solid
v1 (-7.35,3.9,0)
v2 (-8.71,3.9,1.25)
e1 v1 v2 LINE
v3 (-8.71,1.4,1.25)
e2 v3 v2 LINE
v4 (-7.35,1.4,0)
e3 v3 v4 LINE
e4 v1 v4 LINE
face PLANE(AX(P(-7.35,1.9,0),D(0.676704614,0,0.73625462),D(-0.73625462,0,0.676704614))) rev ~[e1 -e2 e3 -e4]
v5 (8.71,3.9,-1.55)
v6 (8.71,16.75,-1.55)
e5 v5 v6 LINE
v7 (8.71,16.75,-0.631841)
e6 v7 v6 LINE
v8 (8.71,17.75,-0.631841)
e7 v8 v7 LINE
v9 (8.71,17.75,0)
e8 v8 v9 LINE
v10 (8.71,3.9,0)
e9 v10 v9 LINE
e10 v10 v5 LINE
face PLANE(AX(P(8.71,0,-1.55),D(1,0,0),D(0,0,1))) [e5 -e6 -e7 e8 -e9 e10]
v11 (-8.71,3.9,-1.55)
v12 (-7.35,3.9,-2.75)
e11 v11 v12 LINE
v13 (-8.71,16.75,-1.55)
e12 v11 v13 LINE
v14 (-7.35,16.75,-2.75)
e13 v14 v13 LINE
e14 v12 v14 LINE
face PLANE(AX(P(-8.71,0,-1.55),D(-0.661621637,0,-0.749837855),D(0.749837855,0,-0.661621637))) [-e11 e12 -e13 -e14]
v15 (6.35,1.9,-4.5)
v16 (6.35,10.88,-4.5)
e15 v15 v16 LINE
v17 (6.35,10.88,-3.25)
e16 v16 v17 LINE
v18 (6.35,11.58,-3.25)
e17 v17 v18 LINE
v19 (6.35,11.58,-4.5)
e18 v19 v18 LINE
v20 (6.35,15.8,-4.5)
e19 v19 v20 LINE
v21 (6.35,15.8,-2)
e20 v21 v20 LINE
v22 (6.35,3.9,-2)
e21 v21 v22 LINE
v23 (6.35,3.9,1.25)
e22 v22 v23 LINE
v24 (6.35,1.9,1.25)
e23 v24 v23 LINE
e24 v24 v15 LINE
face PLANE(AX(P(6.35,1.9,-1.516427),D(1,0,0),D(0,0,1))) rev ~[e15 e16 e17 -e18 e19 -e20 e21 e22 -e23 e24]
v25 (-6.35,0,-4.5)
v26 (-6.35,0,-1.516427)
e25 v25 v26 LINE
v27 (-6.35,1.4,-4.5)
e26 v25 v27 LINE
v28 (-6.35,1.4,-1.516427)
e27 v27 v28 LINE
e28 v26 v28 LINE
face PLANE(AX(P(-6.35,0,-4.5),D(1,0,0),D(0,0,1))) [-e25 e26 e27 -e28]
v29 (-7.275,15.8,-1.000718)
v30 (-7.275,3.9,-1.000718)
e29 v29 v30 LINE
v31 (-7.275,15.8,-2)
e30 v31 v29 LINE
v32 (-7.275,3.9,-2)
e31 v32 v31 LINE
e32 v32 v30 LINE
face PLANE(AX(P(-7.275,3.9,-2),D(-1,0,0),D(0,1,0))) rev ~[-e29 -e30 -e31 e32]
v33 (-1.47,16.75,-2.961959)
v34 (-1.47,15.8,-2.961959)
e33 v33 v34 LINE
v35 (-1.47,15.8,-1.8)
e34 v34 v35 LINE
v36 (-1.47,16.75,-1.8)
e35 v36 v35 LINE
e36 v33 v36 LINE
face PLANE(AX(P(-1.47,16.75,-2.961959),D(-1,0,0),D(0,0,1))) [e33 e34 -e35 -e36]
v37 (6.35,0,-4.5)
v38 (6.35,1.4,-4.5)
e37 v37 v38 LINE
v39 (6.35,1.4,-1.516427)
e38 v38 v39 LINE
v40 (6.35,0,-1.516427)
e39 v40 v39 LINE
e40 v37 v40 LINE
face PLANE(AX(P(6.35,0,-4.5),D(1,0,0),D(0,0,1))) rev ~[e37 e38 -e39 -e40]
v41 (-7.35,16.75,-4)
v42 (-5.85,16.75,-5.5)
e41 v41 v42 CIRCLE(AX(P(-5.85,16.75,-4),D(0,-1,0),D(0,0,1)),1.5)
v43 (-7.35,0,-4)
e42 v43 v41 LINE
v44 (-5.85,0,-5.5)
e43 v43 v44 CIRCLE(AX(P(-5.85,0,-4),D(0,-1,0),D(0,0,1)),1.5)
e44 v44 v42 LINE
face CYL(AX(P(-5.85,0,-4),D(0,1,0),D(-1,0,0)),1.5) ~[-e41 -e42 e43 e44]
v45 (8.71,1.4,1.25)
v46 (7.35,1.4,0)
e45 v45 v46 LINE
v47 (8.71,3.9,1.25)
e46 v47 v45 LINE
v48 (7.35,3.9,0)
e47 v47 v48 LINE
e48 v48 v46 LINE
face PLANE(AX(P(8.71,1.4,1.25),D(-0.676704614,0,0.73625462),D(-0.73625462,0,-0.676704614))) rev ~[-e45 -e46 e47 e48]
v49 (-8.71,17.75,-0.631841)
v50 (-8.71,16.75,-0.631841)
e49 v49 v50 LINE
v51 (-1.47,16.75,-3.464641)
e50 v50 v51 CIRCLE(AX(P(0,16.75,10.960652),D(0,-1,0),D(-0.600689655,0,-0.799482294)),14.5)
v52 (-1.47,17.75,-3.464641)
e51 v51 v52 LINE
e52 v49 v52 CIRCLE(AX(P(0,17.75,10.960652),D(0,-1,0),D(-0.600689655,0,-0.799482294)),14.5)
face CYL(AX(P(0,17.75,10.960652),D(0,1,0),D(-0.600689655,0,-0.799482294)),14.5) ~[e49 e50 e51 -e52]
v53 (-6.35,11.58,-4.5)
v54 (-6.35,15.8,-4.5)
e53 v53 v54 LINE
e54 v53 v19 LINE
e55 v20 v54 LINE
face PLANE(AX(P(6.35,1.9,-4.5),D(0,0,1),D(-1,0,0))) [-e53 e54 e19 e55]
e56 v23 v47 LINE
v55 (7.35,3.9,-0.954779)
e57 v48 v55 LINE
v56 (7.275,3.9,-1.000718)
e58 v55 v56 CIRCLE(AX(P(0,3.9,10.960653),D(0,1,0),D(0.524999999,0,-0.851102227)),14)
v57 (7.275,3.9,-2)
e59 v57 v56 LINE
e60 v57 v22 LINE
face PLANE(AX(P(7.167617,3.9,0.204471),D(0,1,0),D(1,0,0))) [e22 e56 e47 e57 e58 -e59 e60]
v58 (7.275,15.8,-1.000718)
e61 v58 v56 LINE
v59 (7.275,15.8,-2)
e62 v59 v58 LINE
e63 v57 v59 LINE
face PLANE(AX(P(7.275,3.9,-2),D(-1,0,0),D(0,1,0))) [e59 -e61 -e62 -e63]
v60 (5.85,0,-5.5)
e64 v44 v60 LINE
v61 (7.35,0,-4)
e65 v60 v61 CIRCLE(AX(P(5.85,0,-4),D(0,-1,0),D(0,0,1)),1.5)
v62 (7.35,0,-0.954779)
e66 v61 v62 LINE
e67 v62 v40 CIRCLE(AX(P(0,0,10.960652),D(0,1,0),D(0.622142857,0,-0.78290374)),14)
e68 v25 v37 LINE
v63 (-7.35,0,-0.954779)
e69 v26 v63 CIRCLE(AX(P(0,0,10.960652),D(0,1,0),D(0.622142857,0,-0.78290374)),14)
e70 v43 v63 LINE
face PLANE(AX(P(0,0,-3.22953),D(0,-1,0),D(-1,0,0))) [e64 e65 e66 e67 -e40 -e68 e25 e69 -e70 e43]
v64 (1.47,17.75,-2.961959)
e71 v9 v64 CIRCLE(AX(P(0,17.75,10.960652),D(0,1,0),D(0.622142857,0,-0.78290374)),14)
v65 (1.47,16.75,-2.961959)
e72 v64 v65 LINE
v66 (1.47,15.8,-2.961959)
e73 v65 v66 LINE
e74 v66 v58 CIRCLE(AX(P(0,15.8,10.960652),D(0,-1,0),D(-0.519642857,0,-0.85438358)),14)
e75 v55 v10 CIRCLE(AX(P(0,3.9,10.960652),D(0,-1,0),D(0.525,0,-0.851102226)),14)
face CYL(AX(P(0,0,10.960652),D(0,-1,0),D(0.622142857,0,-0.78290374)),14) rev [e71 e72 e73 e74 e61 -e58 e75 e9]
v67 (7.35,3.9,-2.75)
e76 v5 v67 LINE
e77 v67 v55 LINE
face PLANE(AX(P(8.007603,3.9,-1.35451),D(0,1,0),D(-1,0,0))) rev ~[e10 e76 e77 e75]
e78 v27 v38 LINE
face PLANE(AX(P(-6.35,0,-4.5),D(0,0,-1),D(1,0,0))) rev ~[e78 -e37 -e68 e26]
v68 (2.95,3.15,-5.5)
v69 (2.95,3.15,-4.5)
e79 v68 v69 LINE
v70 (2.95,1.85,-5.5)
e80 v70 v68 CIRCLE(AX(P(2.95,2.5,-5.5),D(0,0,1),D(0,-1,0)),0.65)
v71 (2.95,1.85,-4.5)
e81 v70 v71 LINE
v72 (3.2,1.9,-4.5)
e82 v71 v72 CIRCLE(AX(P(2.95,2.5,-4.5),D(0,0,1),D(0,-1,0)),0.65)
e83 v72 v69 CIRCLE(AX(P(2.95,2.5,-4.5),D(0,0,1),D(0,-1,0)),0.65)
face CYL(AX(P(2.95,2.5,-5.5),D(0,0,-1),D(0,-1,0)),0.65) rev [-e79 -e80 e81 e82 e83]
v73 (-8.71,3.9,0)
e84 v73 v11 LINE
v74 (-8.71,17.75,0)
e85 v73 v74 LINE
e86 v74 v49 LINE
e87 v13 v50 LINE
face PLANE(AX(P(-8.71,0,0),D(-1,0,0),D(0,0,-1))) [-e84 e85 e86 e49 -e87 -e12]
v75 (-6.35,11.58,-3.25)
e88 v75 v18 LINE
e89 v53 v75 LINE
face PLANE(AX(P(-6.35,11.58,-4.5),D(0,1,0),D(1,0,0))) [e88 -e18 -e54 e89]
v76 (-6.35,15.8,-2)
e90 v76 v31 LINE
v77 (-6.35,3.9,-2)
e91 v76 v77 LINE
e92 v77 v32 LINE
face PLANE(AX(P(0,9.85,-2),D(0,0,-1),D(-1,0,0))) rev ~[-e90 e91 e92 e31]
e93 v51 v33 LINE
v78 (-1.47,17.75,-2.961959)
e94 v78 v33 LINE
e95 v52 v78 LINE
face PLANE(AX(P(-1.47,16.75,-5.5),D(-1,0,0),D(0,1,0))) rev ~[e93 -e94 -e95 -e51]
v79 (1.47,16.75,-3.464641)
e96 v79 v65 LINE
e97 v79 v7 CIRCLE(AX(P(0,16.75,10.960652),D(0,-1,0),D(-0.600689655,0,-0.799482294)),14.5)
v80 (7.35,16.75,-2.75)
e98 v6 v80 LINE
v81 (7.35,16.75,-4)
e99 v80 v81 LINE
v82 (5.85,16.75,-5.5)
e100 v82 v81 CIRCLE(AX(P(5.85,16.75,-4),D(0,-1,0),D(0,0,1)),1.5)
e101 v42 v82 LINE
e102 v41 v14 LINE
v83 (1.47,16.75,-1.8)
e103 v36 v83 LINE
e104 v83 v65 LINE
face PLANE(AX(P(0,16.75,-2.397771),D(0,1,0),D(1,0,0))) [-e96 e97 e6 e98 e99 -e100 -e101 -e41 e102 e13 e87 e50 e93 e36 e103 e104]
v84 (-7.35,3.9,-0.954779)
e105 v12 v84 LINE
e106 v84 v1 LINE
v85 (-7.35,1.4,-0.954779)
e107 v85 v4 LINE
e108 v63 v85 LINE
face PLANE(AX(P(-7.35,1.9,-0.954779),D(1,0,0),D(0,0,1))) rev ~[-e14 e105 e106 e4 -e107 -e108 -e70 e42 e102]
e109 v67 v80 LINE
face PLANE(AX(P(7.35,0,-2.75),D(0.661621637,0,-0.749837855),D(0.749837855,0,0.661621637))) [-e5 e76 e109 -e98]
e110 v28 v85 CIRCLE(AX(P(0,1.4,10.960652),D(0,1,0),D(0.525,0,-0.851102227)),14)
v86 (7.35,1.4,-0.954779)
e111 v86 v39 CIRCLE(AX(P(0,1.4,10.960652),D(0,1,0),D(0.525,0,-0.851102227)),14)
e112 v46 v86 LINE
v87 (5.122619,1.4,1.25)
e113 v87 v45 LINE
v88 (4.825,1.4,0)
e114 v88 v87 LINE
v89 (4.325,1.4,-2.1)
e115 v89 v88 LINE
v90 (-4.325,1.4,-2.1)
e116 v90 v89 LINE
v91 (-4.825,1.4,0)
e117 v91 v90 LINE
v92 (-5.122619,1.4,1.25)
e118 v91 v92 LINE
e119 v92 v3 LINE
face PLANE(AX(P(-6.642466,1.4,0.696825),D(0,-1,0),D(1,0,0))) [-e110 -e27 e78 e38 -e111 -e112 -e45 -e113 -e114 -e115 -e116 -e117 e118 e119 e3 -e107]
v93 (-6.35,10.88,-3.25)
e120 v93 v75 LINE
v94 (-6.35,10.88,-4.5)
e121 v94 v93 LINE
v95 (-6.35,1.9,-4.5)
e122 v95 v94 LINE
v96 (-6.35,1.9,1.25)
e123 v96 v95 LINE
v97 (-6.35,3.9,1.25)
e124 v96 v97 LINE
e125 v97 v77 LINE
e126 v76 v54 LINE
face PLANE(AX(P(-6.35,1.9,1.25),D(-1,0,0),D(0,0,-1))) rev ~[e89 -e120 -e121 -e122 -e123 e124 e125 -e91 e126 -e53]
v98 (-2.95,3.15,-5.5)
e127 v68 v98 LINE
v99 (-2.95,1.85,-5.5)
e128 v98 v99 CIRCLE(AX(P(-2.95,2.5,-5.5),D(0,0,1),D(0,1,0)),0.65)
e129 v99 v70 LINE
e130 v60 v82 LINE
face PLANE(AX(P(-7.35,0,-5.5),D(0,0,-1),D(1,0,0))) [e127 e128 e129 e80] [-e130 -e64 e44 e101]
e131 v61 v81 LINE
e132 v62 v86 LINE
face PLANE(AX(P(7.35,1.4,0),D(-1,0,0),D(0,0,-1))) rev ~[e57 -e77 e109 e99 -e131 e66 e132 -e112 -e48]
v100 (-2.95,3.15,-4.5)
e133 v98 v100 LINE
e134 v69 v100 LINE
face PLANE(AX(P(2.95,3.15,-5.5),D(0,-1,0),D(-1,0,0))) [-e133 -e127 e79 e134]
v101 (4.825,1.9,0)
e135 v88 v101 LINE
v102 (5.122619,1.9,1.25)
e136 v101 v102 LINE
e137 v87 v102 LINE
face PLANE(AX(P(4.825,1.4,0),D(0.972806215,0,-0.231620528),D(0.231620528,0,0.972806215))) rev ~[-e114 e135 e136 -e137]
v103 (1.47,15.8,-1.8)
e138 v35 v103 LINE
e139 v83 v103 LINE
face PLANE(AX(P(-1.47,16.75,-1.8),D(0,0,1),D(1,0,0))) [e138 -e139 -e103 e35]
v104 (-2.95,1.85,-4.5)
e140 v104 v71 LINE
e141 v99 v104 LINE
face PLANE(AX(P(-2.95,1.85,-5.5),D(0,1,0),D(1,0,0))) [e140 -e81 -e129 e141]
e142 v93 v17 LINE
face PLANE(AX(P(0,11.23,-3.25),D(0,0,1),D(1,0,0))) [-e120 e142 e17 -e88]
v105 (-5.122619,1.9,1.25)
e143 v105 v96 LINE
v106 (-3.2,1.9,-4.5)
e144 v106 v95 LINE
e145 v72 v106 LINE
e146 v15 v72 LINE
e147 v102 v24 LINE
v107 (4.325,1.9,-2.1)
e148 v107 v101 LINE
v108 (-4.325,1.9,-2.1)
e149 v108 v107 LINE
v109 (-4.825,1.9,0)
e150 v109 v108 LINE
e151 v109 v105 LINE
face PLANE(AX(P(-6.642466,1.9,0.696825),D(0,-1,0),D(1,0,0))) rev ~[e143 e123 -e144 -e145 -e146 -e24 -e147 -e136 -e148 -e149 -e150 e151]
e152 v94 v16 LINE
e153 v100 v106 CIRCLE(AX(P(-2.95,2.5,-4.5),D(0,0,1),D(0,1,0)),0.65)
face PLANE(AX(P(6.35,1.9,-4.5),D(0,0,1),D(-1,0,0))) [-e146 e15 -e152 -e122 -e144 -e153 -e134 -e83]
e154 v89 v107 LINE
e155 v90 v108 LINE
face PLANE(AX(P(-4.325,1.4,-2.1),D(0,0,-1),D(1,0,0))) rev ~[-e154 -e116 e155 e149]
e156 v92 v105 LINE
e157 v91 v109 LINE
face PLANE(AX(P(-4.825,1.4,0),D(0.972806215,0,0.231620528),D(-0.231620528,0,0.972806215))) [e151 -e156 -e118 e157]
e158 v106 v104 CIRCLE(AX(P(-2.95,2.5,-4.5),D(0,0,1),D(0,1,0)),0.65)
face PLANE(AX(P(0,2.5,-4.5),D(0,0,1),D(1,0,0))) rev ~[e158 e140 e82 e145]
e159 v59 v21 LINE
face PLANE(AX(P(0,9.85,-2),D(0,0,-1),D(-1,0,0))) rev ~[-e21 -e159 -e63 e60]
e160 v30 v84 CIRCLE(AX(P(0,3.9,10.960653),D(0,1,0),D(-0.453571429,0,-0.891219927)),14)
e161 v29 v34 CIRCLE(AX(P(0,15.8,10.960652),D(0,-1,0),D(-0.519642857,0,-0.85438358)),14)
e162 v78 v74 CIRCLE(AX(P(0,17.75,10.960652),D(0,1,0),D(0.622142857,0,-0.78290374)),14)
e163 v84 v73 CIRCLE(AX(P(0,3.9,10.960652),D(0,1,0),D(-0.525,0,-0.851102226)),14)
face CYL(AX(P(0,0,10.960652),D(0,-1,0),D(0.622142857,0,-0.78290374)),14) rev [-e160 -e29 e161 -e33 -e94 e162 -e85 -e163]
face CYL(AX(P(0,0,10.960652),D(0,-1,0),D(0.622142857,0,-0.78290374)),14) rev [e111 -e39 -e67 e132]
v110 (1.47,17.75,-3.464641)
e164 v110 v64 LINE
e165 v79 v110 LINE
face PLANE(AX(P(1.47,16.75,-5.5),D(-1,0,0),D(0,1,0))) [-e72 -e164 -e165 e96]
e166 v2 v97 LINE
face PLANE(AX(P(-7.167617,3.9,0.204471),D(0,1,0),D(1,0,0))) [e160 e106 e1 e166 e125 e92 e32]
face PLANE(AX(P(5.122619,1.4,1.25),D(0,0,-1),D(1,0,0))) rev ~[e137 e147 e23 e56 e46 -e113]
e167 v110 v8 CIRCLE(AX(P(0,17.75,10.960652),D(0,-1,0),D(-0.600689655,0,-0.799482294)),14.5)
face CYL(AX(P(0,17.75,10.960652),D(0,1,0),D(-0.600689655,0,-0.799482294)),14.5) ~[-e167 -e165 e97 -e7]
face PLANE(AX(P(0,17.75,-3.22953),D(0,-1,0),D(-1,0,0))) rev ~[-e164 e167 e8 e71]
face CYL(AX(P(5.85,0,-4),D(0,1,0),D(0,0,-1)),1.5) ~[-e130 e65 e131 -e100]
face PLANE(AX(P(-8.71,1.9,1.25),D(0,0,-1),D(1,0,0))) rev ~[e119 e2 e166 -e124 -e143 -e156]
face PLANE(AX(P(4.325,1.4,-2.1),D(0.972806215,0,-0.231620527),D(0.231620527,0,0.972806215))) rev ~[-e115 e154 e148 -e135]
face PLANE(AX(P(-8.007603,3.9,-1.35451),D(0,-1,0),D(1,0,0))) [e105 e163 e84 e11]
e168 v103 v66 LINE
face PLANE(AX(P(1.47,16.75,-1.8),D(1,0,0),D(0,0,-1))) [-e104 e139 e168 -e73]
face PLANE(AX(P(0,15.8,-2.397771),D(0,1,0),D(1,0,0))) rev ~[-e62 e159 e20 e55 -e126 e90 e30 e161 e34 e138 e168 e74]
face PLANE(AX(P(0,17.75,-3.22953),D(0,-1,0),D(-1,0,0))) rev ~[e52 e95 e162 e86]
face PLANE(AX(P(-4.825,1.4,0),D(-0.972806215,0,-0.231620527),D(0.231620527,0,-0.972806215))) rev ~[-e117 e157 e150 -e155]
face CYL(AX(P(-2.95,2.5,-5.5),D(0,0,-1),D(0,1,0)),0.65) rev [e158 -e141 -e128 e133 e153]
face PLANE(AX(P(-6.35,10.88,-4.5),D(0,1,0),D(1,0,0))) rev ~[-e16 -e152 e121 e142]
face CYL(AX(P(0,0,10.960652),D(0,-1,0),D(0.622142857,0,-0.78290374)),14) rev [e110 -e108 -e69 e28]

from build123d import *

# Parameters (mm, degrees)
EXTRUDE_1_DEPTH     = 17.75
CUT_EXTRUDE_1_DEPTH = 1
SKETCH_3_W          = 2.94
SKETCH_3_H          = 1
CUT_EXTRUDE_2_DEPTH = 6.5
CUT_EXTRUDE_3_DEPTH = 3.9
SKETCH_5_W          = 12.7
SKETCH_5_H          = 2.983573368
CUT_EXTRUDE_4_DEPTH = 1.4
SKETCH_6_W          = 12.7
SKETCH_6_H          = 2.983573368
CUT_EXTRUDE_5_DEPTH = 13.9
SKETCH_7_W          = 14.55
SKETCH_7_H          = 11.9
CUT_EXTRUDE_6_DEPTH = 3
EXTRUDE_2_DEPTH     = 0.5
EXTRUDE_3_DEPTH     = 0.5
EXTRUDE_4_DEPTH     = 2
CUT_EXTRUDE_7_DEPTH = 1
SKETCH_12_W         = 12.7
SKETCH_12_H         = 0.7
EXTRUDE_5_DEPTH     = 1.25
FILLET_1_R          = 1.5
EXTRUDE_6_DEPTH     = 0.95


with BuildPart() as part:
    # Эскиз1 → Бобышка-Вытянуть1 (new body)
    with BuildSketch(Plane(origin=(0, 0, 0), x_dir=(1, 0, 0), z_dir=(0, 1, 0))):
        with BuildLine():
            Line((-7.35, 2.75), (-7.35, 5.5))
            Line((-7.35, 5.5), (7.35, 5.5))
            Line((7.35, 5.5), (7.35, 2.75))
            Line((7.35, 2.75), (8.71, 1.55))
            Line((8.71, 1.55), (8.71, 0))
            ThreePointArc((8.71, 0), (0, 3.039347647), (-8.71, 0))
            Line((-8.71, 0), (-8.71, 1.55))
            Line((-8.71, 1.55), (-7.35, 2.75))
        make_face()
    extrude(amount=EXTRUDE_1_DEPTH)

    # Эскиз2 → Вырез-Вытянуть1 (cut)
    with BuildSketch(Plane(origin=(0, 17.75, 0), x_dir=(1, 0, 0), z_dir=(0, 1, 0))):
        with BuildLine():
            Line((8.71, 0.631840908), (8.71, 1.55))
            Line((8.71, 1.55), (7.35, 2.75))
            Line((7.35, 2.75), (7.35, 5.5))
            Line((7.35, 5.5), (-7.35, 5.5))
            Line((-7.35, 5.5), (-7.35, 2.75))
            Line((-7.35, 2.75), (-8.71, 1.55))
            Line((-8.71, 1.55), (-8.71, 0.631840908))
            ThreePointArc((-8.71, 0.631840908), (0, 3.539347647), (8.71, 0.631840908))
        make_face()
    extrude(amount=-CUT_EXTRUDE_1_DEPTH, mode=Mode.SUBTRACT)

    # Эскиз3 → Вырез-Вытянуть2 (cut, through all)
    with BuildSketch(Plane(origin=(0, 0, -5.5), x_dir=(-1, 0, 0), z_dir=(0, 0, -1))):
        with Locations((0, 17.25)):
            Rectangle(SKETCH_3_W, SKETCH_3_H)
    extrude(amount=-CUT_EXTRUDE_2_DEPTH, mode=Mode.SUBTRACT)

    # Эскиз4 → Вырез-Вытянуть3 (cut)
    with BuildSketch(Plane.XZ):
        with BuildLine():
            Line((-7.35, -2.75), (-7.35, -0.954778819))
            ThreePointArc((-7.35, -0.954778819), (-8.044178059, -0.497584831), (-8.71, 0))
            Line((-8.71, 0), (-8.71, -1.55))
            Line((-8.71, -1.55), (-7.35, -2.75))
        make_face()
        with BuildLine():
            Line((7.35, -2.75), (7.35, -0.954778819))
            ThreePointArc((7.35, -0.954778819), (8.044178059, -0.497584831), (8.71, 0))
            Line((8.71, 0), (8.71, -1.55))
            Line((8.71, -1.55), (7.35, -2.75))
        make_face()
    extrude(amount=-CUT_EXTRUDE_3_DEPTH, mode=Mode.SUBTRACT)

    # Эскиз5 → Вырез-Вытянуть4 (cut)
    with BuildSketch(Plane.XZ):
        with Locations((0, -3.008213316)):
            Rectangle(SKETCH_5_W, SKETCH_5_H)
    extrude(amount=-CUT_EXTRUDE_4_DEPTH, mode=Mode.SUBTRACT)

    # Эскиз6 → Вырез-Вытянуть5 (cut)
    with BuildSketch(Plane(origin=(0, 1.9, 0), x_dir=(-1, 0, 0), z_dir=(0, -1, 0))):
        with Locations((0, 3.008213316)):
            Rectangle(SKETCH_6_W, SKETCH_6_H)
    extrude(amount=-CUT_EXTRUDE_5_DEPTH, mode=Mode.SUBTRACT)

    # Эскиз7 → Вырез-Вытянуть6 (cut, through all)
    with BuildSketch(Plane(origin=(0, 0, -2), x_dir=(-1, 0, 0), z_dir=(0, 0, -1))):
        with Locations((0, 9.85)):
            Rectangle(SKETCH_7_W, SKETCH_7_H)
    extrude(amount=-CUT_EXTRUDE_6_DEPTH, mode=Mode.SUBTRACT)

    # Эскиз8 → Бобышка-Вытянуть2 (add)
    with BuildSketch(Plane.XZ.offset(-1.4)):
        with BuildLine():
            Line((-7.35, 0), (-4.825, 0))
            Line((-4.825, 0), (-4.325, -2.1))
            Line((-4.325, -2.1), (4.325, -2.1))
            Line((4.325, -2.1), (4.825, 0))
            Line((4.825, 0), (7.35, 0))
            Line((7.35, 0), (7.35, -0.954778819))
            ThreePointArc((7.35, -0.954778819), (0, -3.039347647), (-7.35, -0.954778819))
            Line((-7.35, -0.954778819), (-7.35, 0))
        make_face()
    extrude(amount=-EXTRUDE_2_DEPTH)

    # Эскиз9 → Бобышка-Вытянуть3 (add)
    with BuildSketch(Plane.XZ.offset(-1.4)):
        Polygon((-4.825, 0), (-5.122619048, 1.25), (-8.71, 1.25), (-7.35, 0), align=None)
        Polygon((4.825, 0), (5.122619048, 1.25), (8.71, 1.25), (7.35, 0), align=None)
    extrude(amount=-EXTRUDE_3_DEPTH)

    # Эскиз10 → Бобышка-Вытянуть4 (add)
    with BuildSketch(Plane(origin=(0, 1.9, 0), x_dir=(1, 0, 0), z_dir=(0, 1, 0))):
        with BuildLine():
            Line((-7.35, 0), (-8.71, -1.25))
            Line((-8.71, -1.25), (-6.35, -1.25))
            Line((-6.35, -1.25), (-6.35, 1.516426632))
            ThreePointArc((-6.35, 1.516426632), (-6.855753939, 1.24584747), (-7.35, 0.954778819))
            Line((-7.35, 0.954778819), (-7.35, 0))
        make_face()
        with BuildLine():
            Line((7.35, 0), (7.35, 0.954778819))
            ThreePointArc((7.35, 0.954778819), (6.855753939, 1.24584747), (6.35, 1.516426632))
            Line((6.35, 1.516426632), (6.35, -1.25))
            Line((6.35, -1.25), (8.71, -1.25))
            Line((8.71, -1.25), (7.35, 0))
        make_face()
    extrude(amount=EXTRUDE_4_DEPTH)

    # Эскиз11 → Вырез-Вытянуть7 (cut)
    with BuildSketch(Plane(origin=(0, 0, -5.5), x_dir=(-1, 0, 0), z_dir=(0, 0, -1))):
        with BuildLine():
            Line((-2.95, 3.15), (2.95, 3.15))
            ThreePointArc((2.95, 3.15), (3.6, 2.5), (2.95, 1.85))
            Line((2.95, 1.85), (-2.95, 1.85))
            ThreePointArc((-2.95, 1.85), (-3.6, 2.5), (-2.95, 3.15))
        make_face()
    extrude(amount=-CUT_EXTRUDE_7_DEPTH, mode=Mode.SUBTRACT)

    # Эскиз12 → Бобышка-Вытянуть5 (add)
    with BuildSketch(Plane.XY.offset(-4.5)):
        with Locations((0, 11.23)):
            Rectangle(SKETCH_12_W, SKETCH_12_H)
    extrude(amount=EXTRUDE_5_DEPTH)

    # Скругление1
    fillet_1_edges = [part.edges().sort_by_distance(p)[0] for p in [
        (-7.35, 8.375, -5.5),
        (7.35, 8.375, -5.5),
    ]]
    fillet(fillet_1_edges, radius=FILLET_1_R)

    # Эскиз13 → Бобышка-Вытянуть6 (add)
    with BuildSketch(Plane(origin=(0, 16.75, 0), x_dir=(1, 0, 0), z_dir=(0, 1, 0))):
        with BuildLine():
            Line((-1.47, 2.961958753), (-1.47, 1.8))
            Line((-1.47, 1.8), (1.47, 1.8))
            Line((1.47, 1.8), (1.47, 2.961958753))
            ThreePointArc((1.47, 2.961958753), (0, 3.039347647), (-1.47, 2.961958753))
        make_face()
    extrude(amount=-EXTRUDE_6_DEPTH)


solid = part.part
